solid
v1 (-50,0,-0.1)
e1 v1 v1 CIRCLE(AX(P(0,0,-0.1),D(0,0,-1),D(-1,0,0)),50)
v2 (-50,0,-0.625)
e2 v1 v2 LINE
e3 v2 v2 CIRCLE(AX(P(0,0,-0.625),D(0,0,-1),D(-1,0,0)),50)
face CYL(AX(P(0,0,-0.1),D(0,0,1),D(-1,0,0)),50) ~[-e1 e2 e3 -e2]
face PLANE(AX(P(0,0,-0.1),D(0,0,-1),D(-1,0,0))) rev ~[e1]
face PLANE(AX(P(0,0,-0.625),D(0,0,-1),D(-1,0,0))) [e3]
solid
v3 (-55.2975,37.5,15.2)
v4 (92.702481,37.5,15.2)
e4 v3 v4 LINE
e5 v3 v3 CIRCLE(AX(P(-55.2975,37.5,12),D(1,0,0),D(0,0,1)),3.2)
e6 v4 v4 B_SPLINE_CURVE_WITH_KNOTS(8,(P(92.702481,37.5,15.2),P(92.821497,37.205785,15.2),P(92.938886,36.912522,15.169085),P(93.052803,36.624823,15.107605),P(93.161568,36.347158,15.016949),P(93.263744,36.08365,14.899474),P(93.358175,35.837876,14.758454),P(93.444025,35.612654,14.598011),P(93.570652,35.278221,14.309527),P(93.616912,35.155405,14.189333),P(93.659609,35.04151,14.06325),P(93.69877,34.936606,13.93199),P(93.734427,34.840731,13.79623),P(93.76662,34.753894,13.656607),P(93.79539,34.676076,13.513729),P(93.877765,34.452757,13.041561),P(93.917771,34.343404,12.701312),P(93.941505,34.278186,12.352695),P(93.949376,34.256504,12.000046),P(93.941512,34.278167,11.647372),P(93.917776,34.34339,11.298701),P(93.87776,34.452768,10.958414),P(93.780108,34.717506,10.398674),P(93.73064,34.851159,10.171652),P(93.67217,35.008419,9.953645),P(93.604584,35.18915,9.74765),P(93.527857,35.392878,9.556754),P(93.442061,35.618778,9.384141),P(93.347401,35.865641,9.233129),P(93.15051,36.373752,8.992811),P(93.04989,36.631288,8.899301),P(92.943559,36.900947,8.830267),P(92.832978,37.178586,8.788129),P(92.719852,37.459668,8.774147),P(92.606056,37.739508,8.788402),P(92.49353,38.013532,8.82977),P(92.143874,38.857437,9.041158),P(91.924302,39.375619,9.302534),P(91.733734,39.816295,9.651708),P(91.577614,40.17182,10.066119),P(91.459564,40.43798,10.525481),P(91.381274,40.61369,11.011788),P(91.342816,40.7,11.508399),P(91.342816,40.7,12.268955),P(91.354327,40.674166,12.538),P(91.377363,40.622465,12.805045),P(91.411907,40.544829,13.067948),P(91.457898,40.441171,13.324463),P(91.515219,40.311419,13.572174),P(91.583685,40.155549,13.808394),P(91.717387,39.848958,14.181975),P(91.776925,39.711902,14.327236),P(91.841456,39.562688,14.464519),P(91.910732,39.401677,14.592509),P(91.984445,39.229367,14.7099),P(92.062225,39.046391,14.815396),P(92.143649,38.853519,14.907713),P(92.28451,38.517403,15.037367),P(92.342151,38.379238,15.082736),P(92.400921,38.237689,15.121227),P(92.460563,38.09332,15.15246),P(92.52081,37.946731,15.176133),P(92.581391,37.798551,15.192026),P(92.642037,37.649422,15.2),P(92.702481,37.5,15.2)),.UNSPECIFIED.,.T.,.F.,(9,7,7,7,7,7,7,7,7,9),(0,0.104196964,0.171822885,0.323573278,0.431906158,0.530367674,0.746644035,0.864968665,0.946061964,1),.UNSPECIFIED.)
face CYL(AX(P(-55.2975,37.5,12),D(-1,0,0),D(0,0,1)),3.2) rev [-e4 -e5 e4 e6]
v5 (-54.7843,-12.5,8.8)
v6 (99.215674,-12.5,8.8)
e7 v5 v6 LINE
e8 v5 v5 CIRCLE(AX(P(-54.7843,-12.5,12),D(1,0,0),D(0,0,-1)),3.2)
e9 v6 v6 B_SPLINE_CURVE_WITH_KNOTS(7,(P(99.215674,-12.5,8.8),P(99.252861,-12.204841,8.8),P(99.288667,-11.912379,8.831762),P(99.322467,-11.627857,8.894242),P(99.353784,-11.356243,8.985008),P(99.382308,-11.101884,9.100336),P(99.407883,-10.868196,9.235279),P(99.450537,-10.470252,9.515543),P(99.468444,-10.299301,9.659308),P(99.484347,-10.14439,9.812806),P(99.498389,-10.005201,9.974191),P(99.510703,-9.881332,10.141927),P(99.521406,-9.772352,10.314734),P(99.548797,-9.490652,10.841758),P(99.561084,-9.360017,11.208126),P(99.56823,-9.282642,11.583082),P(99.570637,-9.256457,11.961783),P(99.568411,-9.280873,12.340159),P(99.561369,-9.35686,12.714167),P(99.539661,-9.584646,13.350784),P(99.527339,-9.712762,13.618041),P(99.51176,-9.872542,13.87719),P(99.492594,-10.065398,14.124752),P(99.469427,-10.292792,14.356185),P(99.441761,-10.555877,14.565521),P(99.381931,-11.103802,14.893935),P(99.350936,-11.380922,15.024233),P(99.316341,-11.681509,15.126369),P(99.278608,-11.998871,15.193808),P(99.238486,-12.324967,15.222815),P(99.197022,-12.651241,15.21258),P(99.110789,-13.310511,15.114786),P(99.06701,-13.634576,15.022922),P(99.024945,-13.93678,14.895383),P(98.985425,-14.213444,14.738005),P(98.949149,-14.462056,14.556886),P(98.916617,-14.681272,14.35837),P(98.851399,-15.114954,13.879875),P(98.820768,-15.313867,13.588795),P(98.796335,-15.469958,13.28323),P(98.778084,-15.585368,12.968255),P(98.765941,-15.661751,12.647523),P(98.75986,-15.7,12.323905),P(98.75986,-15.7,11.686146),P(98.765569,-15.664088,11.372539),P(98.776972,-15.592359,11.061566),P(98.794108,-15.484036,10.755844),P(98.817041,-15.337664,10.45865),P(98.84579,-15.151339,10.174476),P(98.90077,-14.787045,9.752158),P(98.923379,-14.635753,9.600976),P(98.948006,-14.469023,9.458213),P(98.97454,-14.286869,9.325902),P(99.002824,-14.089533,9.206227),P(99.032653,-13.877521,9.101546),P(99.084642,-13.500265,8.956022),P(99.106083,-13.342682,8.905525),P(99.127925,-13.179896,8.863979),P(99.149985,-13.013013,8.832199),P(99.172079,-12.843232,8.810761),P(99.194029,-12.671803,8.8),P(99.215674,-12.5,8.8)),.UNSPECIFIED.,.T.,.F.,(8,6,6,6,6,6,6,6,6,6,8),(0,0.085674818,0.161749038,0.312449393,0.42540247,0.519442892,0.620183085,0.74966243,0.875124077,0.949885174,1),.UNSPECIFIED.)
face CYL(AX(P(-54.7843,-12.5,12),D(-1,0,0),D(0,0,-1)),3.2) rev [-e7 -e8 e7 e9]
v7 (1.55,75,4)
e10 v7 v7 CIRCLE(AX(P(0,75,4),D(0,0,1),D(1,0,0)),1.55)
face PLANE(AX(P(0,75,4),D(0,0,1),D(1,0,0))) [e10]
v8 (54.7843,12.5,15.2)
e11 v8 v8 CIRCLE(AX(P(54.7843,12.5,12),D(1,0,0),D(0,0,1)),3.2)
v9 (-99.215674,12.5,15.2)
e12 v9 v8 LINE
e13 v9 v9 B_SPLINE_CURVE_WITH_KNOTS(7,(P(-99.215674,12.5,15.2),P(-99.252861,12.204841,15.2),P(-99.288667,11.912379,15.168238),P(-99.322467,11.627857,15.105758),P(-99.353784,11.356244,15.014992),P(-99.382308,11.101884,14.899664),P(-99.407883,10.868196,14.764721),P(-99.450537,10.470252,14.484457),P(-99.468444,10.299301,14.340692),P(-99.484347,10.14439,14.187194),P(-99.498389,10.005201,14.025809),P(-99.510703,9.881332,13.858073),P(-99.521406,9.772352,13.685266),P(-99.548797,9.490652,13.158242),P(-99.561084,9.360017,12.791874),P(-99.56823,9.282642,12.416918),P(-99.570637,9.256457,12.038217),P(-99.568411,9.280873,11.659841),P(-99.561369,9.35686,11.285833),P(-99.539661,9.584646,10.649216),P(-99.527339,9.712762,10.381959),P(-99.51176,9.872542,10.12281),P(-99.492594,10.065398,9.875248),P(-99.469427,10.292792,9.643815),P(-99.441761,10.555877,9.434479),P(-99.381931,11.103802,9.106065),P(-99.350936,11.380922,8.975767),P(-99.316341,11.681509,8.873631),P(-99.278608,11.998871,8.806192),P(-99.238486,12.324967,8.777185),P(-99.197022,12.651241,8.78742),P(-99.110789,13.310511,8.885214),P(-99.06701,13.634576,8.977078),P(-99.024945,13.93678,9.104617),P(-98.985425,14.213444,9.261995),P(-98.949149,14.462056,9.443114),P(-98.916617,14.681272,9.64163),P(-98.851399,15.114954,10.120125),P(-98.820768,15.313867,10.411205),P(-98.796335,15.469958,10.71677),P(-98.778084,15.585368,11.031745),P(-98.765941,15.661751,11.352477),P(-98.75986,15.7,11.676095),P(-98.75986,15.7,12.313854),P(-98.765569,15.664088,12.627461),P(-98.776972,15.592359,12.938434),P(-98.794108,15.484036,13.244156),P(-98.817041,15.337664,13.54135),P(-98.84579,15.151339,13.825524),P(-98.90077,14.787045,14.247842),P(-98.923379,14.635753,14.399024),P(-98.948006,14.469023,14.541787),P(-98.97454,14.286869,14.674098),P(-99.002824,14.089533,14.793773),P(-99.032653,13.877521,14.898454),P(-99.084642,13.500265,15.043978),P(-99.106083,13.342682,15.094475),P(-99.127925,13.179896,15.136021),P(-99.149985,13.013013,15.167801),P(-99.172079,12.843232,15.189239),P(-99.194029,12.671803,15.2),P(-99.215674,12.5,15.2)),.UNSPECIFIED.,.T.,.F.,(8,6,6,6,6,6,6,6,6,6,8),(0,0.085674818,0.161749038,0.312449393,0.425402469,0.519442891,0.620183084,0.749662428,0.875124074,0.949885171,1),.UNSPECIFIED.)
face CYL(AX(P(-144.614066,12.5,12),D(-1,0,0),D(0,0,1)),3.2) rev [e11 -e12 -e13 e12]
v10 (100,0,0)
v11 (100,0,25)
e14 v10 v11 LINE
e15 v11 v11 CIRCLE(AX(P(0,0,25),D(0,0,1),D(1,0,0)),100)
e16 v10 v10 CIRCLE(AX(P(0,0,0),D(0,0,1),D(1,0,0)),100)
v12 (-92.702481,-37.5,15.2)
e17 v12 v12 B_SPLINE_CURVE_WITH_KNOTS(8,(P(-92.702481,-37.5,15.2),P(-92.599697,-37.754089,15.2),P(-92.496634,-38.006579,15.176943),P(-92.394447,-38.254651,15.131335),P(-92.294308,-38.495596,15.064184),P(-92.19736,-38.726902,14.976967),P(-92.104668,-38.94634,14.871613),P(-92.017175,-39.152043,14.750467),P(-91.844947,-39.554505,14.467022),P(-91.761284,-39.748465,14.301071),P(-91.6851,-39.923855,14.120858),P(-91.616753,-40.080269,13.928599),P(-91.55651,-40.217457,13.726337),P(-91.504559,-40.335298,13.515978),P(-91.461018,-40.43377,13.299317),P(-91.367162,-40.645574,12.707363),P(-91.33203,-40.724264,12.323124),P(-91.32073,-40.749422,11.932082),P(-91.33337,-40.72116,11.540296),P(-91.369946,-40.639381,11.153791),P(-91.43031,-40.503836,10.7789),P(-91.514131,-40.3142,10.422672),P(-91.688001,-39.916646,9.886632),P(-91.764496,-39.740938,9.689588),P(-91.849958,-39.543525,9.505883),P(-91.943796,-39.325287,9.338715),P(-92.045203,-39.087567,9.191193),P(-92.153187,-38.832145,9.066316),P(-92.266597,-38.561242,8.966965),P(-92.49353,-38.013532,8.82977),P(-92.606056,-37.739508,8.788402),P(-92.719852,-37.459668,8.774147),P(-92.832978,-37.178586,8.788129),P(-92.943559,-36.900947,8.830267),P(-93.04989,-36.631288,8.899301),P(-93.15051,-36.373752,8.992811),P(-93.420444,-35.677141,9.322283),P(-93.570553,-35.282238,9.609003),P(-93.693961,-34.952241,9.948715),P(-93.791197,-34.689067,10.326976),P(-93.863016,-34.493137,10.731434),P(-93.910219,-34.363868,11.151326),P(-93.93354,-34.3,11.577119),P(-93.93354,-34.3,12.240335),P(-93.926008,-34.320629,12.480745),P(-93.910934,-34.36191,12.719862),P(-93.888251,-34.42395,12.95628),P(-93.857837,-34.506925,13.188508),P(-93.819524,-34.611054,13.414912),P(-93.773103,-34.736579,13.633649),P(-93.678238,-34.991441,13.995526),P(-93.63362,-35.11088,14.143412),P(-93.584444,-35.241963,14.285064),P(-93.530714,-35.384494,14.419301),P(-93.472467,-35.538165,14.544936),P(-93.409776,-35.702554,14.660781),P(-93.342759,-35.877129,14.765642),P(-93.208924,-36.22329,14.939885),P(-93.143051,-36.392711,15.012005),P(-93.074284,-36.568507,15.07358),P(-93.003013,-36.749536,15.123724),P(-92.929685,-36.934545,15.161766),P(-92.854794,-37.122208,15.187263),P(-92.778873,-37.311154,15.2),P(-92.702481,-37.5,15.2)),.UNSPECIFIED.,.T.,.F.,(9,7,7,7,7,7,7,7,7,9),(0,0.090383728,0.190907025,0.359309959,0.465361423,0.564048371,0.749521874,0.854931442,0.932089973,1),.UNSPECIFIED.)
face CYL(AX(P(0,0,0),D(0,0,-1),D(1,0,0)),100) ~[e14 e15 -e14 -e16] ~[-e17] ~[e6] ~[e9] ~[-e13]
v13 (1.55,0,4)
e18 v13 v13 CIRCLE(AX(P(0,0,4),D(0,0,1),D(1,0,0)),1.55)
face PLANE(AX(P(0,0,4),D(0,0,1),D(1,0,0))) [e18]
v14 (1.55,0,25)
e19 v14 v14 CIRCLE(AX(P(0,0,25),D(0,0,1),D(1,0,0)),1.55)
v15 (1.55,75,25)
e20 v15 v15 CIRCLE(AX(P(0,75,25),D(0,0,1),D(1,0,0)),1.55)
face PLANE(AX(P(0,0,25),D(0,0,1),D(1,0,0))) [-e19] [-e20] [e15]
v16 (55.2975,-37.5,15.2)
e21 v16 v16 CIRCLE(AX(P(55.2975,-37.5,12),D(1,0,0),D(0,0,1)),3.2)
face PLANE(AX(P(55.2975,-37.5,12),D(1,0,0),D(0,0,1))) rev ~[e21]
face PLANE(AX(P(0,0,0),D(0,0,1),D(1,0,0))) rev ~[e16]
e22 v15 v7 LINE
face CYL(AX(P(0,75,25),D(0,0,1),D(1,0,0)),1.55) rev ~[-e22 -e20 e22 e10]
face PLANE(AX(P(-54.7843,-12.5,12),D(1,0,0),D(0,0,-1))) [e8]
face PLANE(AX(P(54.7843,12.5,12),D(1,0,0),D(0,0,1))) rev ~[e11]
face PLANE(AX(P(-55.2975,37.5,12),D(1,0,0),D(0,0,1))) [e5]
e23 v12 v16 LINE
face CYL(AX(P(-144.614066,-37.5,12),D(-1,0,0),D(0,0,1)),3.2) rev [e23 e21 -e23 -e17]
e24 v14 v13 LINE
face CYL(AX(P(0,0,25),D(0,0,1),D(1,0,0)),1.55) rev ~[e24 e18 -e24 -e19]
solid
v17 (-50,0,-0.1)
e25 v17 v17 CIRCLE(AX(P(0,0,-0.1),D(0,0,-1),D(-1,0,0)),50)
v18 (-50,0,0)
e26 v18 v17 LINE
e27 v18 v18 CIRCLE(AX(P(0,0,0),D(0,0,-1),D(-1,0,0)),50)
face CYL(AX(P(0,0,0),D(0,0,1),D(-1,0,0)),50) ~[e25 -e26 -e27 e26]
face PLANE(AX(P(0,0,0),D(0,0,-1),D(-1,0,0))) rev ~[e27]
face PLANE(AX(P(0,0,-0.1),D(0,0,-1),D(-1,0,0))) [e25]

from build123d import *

# Parameters (mm, degrees)
SKETCH1_R               = 100
BOSS_EXTRUDE1_DEPTH     = 25
CUT_EXTRUDE1_DEPTH      = 144.614066163
CUT_EXTRUDE1_DEPTH_BACK = 55.2975
SKETCH2_R               = 3.2
CUT_EXTRUDE2_DEPTH      = 144.61406632
CUT_EXTRUDE2_DEPTH_BACK = 54.7843
SKETCH3_R               = 3.2
CUT_EXTRUDE3_DEPTH      = 54.7843
CUT_EXTRUDE3_DEPTH_BACK = 144.61406632
SKETCH4_R               = 3.2
CUT_EXTRUDE4_DEPTH      = 55.2975
CUT_EXTRUDE4_DEPTH_BACK = 144.61406632
SKETCH5_R               = 3.2
SKETCH6_R               = 50
BOSS_EXTRUDE5_DEPTH     = 0.1
SKETCH8_R               = 50
BOSS_EXTRUDE6_DEPTH     = 0.525
SKETCH10_R              = 1.55
CUT_EXTRUDE5_DEPTH      = 21
SKETCH11_R              = 1.55
CUT_EXTRUDE6_DEPTH      = 21


with BuildPart() as part:
    # Sketch1 → Boss-Extrude1 (new body)
    with BuildSketch(Plane.XY):
        Circle(SKETCH1_R)
    extrude(amount=BOSS_EXTRUDE1_DEPTH)

    # Sketch2 → Cut-Extrude1 (cut, two sides: drawn at the far end of the back side and taken through both)
    with BuildSketch(Plane(origin=(0, 0, 0), x_dir=(0, 0, -1), z_dir=(1, 0, 0)).offset(-CUT_EXTRUDE1_DEPTH_BACK)):
        with Locations((-12, 37.5)):
            Circle(SKETCH2_R)
    extrude(amount=CUT_EXTRUDE1_DEPTH + CUT_EXTRUDE1_DEPTH_BACK, mode=Mode.SUBTRACT)

    # Sketch3 → Cut-Extrude2 (cut, two sides: drawn at the far end of the back side and taken through both)
    with BuildSketch(Plane(origin=(0, 0, 0), x_dir=(0, 0, -1), z_dir=(1, 0, 0)).offset(-CUT_EXTRUDE2_DEPTH_BACK)):
        with Locations((-12, -12.5)):
            Circle(SKETCH3_R)
    extrude(amount=CUT_EXTRUDE2_DEPTH + CUT_EXTRUDE2_DEPTH_BACK, mode=Mode.SUBTRACT)

    # Sketch4 → Cut-Extrude3 (cut, two sides: drawn at the far end of the back side and taken through both)
    with BuildSketch(Plane(origin=(0, 0, 0), x_dir=(0, 0, -1), z_dir=(1, 0, 0)).offset(-CUT_EXTRUDE3_DEPTH_BACK)):
        with Locations((-12, 12.5)):
            Circle(SKETCH4_R)
    extrude(amount=CUT_EXTRUDE3_DEPTH + CUT_EXTRUDE3_DEPTH_BACK, mode=Mode.SUBTRACT)

    # Sketch5 → Cut-Extrude4 (cut, two sides: drawn at the far end of the back side and taken through both)
    with BuildSketch(Plane(origin=(0, 0, 0), x_dir=(0, 0, -1), z_dir=(1, 0, 0)).offset(-CUT_EXTRUDE4_DEPTH_BACK)):
        with Locations((-12, -37.5)):
            Circle(SKETCH5_R)
    extrude(amount=CUT_EXTRUDE4_DEPTH + CUT_EXTRUDE4_DEPTH_BACK, mode=Mode.SUBTRACT)

    # Sketch10 → Cut-Extrude5 (cut)
    with BuildSketch(Plane.XY.offset(25)):
        Circle(SKETCH10_R)
    extrude(amount=-CUT_EXTRUDE5_DEPTH, mode=Mode.SUBTRACT)

    # Sketch11 → Cut-Extrude6 (cut)
    with BuildSketch(Plane.XY.offset(25)):
        with Locations((0, 75)):
            Circle(SKETCH11_R)
    extrude(amount=-CUT_EXTRUDE6_DEPTH, mode=Mode.SUBTRACT)


with BuildPart() as body_2:
    # Sketch6 → Boss-Extrude5 (new body)
    with BuildSketch(Plane(origin=(0, 0, 0), x_dir=(-1, 0, 0), z_dir=(0, 0, -1))):
        Circle(SKETCH6_R)
    extrude(amount=BOSS_EXTRUDE5_DEPTH)


with BuildPart() as body_3:
    # Sketch8 → Boss-Extrude6 (new body)
    with BuildSketch(Plane(origin=(0, 0, -0.1), x_dir=(-1, 0, 0), z_dir=(0, 0, -1))):
        Circle(SKETCH8_R)
    extrude(amount=BOSS_EXTRUDE6_DEPTH)


solid = Compound([part.part, body_2.part, body_3.part])
